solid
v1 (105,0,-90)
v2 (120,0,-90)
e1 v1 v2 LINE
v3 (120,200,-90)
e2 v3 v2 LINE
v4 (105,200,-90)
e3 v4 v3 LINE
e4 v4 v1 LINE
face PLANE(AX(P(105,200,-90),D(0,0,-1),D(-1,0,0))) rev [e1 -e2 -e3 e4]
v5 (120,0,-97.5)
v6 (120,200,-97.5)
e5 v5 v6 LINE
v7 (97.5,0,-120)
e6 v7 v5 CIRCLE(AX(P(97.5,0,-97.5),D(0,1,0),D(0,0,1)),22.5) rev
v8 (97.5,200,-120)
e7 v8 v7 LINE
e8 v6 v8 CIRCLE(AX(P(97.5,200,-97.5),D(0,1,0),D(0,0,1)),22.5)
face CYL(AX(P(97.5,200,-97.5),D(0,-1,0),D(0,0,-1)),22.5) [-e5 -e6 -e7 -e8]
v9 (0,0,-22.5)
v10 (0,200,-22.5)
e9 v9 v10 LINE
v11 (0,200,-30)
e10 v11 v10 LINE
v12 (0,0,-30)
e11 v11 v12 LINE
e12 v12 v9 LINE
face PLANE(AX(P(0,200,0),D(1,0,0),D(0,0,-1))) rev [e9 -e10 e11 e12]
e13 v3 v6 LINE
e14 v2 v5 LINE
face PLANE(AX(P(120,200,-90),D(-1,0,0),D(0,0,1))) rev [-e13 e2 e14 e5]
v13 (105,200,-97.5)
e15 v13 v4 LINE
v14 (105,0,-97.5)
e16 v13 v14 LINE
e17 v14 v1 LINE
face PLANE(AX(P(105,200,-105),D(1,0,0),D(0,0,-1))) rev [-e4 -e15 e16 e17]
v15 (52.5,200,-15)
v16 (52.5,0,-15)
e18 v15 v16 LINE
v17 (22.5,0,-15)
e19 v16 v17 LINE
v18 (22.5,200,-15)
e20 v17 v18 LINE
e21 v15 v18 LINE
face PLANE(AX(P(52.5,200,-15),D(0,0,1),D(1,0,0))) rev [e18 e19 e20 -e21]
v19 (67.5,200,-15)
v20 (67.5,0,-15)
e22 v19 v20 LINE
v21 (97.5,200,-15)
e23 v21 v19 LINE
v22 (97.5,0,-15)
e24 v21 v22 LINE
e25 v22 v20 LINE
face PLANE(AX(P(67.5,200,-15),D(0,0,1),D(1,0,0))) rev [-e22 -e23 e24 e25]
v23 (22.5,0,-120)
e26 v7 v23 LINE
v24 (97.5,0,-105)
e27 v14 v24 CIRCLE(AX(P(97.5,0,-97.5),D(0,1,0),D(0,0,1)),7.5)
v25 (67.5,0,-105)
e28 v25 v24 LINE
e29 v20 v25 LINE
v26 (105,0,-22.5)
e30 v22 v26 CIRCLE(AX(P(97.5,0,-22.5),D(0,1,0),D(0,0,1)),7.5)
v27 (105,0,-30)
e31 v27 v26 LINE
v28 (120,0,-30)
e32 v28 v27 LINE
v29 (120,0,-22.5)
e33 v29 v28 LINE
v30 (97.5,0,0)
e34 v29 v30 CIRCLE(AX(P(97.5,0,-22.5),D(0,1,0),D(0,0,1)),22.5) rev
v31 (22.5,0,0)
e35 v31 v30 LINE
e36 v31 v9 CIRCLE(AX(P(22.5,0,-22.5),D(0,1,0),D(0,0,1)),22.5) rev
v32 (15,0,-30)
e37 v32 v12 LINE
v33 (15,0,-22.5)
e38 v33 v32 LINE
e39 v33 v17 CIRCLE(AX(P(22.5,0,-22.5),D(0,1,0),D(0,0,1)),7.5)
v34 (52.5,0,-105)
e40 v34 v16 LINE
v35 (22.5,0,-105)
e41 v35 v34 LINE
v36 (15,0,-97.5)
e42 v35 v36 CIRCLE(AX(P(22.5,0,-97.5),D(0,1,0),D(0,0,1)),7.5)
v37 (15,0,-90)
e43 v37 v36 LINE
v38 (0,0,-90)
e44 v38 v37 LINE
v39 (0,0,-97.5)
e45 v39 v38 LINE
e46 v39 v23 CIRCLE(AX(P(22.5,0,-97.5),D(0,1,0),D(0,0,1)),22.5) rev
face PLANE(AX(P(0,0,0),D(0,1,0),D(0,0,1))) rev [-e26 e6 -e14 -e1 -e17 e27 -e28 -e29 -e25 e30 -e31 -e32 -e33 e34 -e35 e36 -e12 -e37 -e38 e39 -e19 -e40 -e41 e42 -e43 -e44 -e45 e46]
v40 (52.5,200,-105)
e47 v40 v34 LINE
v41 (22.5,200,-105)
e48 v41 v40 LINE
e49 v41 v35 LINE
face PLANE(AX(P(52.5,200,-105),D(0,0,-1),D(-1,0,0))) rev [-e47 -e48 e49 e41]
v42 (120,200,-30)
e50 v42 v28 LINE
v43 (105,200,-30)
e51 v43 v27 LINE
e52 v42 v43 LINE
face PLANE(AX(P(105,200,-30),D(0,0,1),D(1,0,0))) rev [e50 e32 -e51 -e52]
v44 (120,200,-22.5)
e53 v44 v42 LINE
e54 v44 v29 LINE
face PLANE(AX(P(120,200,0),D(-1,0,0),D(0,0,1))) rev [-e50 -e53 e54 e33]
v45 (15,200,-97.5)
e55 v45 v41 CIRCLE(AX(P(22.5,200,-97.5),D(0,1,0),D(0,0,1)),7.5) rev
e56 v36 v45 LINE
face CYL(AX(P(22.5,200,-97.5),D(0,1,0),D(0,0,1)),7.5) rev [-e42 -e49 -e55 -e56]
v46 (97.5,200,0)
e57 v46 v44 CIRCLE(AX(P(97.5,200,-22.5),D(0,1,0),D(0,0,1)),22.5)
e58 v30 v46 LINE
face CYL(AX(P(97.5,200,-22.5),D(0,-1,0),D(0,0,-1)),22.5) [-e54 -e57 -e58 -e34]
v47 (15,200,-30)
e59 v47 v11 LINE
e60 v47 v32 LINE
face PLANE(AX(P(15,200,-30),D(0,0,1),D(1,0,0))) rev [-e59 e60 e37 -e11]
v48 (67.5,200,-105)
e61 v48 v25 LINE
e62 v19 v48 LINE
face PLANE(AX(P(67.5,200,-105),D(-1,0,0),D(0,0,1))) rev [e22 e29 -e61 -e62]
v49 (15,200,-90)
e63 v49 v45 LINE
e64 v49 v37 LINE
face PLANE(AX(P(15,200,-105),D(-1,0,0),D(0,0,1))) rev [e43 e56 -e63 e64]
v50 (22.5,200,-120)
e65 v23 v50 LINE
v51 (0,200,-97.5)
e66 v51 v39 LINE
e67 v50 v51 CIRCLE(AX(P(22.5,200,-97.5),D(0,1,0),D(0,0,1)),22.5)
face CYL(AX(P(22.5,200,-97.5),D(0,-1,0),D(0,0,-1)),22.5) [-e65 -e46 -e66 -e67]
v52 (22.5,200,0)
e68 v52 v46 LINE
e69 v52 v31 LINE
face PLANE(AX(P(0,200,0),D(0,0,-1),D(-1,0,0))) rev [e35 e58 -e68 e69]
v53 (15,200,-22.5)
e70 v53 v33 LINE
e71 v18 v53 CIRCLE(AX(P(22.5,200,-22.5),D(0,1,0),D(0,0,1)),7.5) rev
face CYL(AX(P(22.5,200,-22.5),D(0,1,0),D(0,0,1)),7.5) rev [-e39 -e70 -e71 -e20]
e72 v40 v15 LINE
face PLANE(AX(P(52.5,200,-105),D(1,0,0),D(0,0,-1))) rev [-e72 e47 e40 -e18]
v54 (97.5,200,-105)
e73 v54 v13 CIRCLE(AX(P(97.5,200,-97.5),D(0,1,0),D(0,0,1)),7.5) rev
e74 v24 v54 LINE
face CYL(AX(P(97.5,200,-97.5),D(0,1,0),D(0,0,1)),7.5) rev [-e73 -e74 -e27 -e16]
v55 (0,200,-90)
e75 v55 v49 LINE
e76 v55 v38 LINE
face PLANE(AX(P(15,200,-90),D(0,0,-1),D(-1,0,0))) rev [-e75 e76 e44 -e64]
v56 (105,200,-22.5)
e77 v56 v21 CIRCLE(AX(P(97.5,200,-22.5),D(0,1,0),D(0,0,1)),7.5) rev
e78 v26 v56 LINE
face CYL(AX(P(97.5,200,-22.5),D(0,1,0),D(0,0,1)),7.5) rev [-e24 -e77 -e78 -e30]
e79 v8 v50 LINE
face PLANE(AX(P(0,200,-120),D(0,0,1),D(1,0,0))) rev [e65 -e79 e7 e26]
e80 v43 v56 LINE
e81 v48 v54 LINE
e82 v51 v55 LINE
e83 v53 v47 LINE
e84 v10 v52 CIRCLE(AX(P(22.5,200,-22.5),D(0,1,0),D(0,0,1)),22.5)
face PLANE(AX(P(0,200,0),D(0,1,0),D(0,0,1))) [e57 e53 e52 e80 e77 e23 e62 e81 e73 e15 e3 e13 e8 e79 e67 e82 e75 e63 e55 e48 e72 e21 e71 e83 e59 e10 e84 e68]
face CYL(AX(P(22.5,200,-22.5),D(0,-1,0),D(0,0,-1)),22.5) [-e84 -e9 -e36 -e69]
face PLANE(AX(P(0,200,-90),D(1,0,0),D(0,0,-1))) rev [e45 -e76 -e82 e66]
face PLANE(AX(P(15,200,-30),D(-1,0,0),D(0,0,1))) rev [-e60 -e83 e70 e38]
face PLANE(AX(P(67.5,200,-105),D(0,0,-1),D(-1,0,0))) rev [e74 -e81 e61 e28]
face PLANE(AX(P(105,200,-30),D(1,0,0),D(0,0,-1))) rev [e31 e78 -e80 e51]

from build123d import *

# Parameters (mm, degrees)
EXTRUDE_1_DEPTH = 200
FILLET_1_R      = 22.5
FILLET_2_R      = 7.5


with BuildPart() as part:
    # ｽｹｯﾁ5 → ﾎﾞｽ - 押し出し1 (new body)
    with BuildSketch(Plane(origin=(0, 0, 0), x_dir=(1, 0, 0), z_dir=(0, 1, 0))):
        Polygon((0, 0), (120, 0), (120, 30), (105, 30), (105, 15), (67.5, 15), (67.5, 105), (105, 105), (105, 90), (120, 90), (120, 120), (0, 120), (0, 90), (15, 90), (15, 105), (52.5, 105), (52.5, 15), (15, 15), (15, 30), (0, 30), align=None)
    extrude(amount=EXTRUDE_1_DEPTH)

    # ﾌｨﾚｯﾄ1
    fillet_1_edges = [part.edges().sort_by_distance(p)[0] for p in [
        (0, 100, -120),
        (120, 100, -120),
        (120, 100, 0),
        (0, 100, 0),
    ]]
    fillet(fillet_1_edges, radius=FILLET_1_R)

    # ﾌｨﾚｯﾄ2
    fillet_2_edges = [part.edges().sort_by_distance(p)[0] for p in [
        (15, 100, -15),
        (15, 100, -105),
        (105, 100, -105),
        (105, 100, -15),
    ]]
    fillet(fillet_2_edges, radius=FILLET_2_R)


solid = part.part
